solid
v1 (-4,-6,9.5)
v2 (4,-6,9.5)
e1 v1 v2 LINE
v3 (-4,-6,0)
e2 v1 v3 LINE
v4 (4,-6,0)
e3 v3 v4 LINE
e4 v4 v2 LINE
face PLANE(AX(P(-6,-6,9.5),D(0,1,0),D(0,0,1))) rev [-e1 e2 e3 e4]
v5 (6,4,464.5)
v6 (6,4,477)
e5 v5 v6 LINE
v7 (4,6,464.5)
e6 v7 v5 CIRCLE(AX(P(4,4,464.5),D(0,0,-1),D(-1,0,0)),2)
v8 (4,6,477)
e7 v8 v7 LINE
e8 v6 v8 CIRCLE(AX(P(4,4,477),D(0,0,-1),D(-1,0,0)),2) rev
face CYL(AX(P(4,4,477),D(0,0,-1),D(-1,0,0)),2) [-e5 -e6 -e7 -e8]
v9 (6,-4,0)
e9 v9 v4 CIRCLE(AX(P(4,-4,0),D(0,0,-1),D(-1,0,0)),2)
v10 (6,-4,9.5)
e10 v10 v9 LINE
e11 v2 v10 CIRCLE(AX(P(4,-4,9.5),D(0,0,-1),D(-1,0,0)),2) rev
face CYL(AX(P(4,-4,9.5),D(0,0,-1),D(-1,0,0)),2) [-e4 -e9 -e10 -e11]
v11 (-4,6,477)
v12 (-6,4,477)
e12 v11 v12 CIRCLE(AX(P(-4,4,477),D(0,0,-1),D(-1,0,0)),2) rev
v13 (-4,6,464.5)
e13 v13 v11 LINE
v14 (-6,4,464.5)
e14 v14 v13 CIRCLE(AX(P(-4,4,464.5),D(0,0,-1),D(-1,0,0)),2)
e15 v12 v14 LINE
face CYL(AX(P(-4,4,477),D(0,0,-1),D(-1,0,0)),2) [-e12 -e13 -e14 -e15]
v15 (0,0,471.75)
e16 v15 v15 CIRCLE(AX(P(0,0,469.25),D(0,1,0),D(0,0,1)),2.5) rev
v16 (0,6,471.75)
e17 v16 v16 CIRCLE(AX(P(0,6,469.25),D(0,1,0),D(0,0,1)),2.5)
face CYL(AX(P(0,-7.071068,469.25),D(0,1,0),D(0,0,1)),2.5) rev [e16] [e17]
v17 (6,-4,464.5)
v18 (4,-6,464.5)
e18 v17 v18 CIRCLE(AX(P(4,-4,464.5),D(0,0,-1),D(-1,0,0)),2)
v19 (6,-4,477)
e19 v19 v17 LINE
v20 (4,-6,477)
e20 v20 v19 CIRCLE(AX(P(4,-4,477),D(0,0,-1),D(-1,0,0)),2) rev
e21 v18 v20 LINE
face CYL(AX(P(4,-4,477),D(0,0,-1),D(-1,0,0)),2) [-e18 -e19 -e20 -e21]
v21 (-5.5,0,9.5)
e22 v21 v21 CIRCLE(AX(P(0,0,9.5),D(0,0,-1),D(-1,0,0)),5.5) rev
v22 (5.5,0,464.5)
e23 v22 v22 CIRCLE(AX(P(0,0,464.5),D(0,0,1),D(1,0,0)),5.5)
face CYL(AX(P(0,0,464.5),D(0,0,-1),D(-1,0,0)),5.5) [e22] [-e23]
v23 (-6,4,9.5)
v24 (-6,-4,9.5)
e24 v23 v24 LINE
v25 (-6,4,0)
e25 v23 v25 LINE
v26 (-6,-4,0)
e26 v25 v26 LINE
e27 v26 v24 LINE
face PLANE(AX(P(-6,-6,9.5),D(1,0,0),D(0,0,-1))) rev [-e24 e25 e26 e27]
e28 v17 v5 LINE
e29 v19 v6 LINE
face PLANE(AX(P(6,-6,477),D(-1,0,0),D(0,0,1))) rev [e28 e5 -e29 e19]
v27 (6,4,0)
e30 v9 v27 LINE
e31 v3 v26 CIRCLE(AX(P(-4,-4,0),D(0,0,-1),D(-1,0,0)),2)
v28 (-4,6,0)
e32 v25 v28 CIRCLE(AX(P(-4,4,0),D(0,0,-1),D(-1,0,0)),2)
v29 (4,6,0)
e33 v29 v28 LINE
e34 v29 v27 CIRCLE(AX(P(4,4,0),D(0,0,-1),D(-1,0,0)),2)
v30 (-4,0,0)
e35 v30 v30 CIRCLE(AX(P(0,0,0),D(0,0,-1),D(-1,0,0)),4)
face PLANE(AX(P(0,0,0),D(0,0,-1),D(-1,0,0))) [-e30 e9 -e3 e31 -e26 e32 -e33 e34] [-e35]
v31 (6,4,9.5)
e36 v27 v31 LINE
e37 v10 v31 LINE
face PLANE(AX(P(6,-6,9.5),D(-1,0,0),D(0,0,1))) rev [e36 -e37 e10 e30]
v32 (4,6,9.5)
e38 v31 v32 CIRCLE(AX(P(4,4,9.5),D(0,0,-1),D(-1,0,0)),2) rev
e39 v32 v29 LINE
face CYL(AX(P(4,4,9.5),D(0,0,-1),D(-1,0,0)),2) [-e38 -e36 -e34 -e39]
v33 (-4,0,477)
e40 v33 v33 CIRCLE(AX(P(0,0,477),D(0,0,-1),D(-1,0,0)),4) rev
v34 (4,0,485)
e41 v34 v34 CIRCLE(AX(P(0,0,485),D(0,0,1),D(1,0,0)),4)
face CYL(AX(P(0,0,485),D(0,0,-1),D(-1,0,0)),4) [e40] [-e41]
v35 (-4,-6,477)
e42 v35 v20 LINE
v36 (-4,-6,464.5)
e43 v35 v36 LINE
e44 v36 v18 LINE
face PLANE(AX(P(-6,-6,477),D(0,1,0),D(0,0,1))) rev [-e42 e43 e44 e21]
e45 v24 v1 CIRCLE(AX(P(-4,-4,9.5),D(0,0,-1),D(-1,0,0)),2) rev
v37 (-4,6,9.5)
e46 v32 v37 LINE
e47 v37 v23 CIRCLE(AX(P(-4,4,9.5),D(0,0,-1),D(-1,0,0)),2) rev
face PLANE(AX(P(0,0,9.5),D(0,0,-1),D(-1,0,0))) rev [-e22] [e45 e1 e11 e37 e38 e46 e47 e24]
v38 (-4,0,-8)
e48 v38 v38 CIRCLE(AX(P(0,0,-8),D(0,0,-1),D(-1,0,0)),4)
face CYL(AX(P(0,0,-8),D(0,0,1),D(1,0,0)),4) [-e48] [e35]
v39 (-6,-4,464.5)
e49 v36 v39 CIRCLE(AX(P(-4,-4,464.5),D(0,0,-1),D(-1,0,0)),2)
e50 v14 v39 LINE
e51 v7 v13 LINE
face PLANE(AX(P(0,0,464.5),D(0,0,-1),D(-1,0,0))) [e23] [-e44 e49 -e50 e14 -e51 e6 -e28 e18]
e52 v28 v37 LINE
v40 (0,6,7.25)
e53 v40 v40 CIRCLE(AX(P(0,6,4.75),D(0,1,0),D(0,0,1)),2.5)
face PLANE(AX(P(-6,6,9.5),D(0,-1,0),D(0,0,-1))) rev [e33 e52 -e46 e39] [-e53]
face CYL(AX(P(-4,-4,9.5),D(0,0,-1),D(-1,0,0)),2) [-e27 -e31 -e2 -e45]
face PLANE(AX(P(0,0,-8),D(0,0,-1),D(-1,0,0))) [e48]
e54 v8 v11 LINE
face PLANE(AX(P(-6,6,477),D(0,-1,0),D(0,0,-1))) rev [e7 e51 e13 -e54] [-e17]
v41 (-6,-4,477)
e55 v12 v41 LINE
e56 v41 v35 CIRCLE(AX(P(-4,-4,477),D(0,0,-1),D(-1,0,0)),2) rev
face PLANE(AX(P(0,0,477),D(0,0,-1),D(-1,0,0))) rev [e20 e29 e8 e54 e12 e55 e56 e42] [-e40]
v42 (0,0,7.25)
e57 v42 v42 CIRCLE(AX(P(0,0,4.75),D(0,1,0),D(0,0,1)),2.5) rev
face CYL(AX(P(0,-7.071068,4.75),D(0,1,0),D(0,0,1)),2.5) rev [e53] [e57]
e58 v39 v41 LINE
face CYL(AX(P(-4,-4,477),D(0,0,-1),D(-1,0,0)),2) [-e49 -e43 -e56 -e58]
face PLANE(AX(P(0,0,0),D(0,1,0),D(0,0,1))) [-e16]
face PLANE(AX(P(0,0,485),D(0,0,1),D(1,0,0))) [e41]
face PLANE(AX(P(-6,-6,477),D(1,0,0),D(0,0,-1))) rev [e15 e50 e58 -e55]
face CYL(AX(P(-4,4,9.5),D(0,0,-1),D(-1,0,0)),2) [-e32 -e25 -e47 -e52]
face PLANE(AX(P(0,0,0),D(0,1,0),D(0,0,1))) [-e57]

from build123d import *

# Parameters (mm, degrees)
SKETCH_1_W          = 12
SKETCH_1_H          = 12
EXTRUDE_1_DEPTH     = 9.5
SKETCH_2_R          = 5.5
EXTRUDE_2_DEPTH     = 455
SKETCH_3_W          = 12
SKETCH_3_H          = 12
EXTRUDE_3_DEPTH     = 12.5
SKETCH_4_R          = 4
EXTRUDE_4_DEPTH     = 8
CUT_EXTRUDE_START   = -6
SKETCH_6_R          = 2.5
CUT_EXTRUDE_2_DEPTH = 6
FILLET_1_R          = 2
SKETCH_7_R          = 4
EXTRUDE_5_DEPTH     = 8


with BuildPart() as part:
    # 草图1 → 凸台-拉伸1 (new body)
    with BuildSketch(Plane.XY):
        Rectangle(SKETCH_1_W, SKETCH_1_H)
    extrude(amount=EXTRUDE_1_DEPTH)

    # 草图2 → 凸台-拉伸2 (add)
    with BuildSketch(Plane.XY.offset(9.5)):
        Circle(SKETCH_2_R)
    extrude(amount=EXTRUDE_2_DEPTH)

    # 草图3 → 凸台-拉伸3 (add)
    with BuildSketch(Plane.XY.offset(464.5)):
        Rectangle(SKETCH_3_W, SKETCH_3_H)
    extrude(amount=EXTRUDE_3_DEPTH)

    # 草图4 → 凸台-拉伸4 (add)
    with BuildSketch(Plane.XY.offset(477)):
        Circle(SKETCH_4_R)
    extrude(amount=EXTRUDE_4_DEPTH)

    # 草图6 → 切除-拉伸2 (cut)
    with BuildSketch(Plane(origin=(0, 6, 0), x_dir=(1, 0, 0), z_dir=(0, 1, 0)).offset(CUT_EXTRUDE_START)):
        with Locations((0, -4.75)):
            Circle(SKETCH_6_R)
        with Locations((0, -469.25)):
            Circle(SKETCH_6_R)
    extrude(amount=CUT_EXTRUDE_2_DEPTH, mode=Mode.SUBTRACT)

    # 圆角1
    fillet_1_edges = [part.edges().sort_by_distance(p)[0] for p in [
        (6, -6, 470.75),
        (6, 6, 470.75),
        (-6, 6, 470.75),
        (-6, -6, 470.75),
        (6, -6, 4.75),
        (-6, -6, 4.75),
        (-6, 6, 4.75),
        (6, 6, 4.75),
    ]]
    fillet(fillet_1_edges, radius=FILLET_1_R)

    # 草图7 → 凸台-拉伸5 (add)
    with BuildSketch(Plane(origin=(0, 0, 0), x_dir=(-1, 0, 0), z_dir=(0, 0, -1))):
        Circle(SKETCH_7_R)
    extrude(amount=EXTRUDE_5_DEPTH)


solid = part.part
